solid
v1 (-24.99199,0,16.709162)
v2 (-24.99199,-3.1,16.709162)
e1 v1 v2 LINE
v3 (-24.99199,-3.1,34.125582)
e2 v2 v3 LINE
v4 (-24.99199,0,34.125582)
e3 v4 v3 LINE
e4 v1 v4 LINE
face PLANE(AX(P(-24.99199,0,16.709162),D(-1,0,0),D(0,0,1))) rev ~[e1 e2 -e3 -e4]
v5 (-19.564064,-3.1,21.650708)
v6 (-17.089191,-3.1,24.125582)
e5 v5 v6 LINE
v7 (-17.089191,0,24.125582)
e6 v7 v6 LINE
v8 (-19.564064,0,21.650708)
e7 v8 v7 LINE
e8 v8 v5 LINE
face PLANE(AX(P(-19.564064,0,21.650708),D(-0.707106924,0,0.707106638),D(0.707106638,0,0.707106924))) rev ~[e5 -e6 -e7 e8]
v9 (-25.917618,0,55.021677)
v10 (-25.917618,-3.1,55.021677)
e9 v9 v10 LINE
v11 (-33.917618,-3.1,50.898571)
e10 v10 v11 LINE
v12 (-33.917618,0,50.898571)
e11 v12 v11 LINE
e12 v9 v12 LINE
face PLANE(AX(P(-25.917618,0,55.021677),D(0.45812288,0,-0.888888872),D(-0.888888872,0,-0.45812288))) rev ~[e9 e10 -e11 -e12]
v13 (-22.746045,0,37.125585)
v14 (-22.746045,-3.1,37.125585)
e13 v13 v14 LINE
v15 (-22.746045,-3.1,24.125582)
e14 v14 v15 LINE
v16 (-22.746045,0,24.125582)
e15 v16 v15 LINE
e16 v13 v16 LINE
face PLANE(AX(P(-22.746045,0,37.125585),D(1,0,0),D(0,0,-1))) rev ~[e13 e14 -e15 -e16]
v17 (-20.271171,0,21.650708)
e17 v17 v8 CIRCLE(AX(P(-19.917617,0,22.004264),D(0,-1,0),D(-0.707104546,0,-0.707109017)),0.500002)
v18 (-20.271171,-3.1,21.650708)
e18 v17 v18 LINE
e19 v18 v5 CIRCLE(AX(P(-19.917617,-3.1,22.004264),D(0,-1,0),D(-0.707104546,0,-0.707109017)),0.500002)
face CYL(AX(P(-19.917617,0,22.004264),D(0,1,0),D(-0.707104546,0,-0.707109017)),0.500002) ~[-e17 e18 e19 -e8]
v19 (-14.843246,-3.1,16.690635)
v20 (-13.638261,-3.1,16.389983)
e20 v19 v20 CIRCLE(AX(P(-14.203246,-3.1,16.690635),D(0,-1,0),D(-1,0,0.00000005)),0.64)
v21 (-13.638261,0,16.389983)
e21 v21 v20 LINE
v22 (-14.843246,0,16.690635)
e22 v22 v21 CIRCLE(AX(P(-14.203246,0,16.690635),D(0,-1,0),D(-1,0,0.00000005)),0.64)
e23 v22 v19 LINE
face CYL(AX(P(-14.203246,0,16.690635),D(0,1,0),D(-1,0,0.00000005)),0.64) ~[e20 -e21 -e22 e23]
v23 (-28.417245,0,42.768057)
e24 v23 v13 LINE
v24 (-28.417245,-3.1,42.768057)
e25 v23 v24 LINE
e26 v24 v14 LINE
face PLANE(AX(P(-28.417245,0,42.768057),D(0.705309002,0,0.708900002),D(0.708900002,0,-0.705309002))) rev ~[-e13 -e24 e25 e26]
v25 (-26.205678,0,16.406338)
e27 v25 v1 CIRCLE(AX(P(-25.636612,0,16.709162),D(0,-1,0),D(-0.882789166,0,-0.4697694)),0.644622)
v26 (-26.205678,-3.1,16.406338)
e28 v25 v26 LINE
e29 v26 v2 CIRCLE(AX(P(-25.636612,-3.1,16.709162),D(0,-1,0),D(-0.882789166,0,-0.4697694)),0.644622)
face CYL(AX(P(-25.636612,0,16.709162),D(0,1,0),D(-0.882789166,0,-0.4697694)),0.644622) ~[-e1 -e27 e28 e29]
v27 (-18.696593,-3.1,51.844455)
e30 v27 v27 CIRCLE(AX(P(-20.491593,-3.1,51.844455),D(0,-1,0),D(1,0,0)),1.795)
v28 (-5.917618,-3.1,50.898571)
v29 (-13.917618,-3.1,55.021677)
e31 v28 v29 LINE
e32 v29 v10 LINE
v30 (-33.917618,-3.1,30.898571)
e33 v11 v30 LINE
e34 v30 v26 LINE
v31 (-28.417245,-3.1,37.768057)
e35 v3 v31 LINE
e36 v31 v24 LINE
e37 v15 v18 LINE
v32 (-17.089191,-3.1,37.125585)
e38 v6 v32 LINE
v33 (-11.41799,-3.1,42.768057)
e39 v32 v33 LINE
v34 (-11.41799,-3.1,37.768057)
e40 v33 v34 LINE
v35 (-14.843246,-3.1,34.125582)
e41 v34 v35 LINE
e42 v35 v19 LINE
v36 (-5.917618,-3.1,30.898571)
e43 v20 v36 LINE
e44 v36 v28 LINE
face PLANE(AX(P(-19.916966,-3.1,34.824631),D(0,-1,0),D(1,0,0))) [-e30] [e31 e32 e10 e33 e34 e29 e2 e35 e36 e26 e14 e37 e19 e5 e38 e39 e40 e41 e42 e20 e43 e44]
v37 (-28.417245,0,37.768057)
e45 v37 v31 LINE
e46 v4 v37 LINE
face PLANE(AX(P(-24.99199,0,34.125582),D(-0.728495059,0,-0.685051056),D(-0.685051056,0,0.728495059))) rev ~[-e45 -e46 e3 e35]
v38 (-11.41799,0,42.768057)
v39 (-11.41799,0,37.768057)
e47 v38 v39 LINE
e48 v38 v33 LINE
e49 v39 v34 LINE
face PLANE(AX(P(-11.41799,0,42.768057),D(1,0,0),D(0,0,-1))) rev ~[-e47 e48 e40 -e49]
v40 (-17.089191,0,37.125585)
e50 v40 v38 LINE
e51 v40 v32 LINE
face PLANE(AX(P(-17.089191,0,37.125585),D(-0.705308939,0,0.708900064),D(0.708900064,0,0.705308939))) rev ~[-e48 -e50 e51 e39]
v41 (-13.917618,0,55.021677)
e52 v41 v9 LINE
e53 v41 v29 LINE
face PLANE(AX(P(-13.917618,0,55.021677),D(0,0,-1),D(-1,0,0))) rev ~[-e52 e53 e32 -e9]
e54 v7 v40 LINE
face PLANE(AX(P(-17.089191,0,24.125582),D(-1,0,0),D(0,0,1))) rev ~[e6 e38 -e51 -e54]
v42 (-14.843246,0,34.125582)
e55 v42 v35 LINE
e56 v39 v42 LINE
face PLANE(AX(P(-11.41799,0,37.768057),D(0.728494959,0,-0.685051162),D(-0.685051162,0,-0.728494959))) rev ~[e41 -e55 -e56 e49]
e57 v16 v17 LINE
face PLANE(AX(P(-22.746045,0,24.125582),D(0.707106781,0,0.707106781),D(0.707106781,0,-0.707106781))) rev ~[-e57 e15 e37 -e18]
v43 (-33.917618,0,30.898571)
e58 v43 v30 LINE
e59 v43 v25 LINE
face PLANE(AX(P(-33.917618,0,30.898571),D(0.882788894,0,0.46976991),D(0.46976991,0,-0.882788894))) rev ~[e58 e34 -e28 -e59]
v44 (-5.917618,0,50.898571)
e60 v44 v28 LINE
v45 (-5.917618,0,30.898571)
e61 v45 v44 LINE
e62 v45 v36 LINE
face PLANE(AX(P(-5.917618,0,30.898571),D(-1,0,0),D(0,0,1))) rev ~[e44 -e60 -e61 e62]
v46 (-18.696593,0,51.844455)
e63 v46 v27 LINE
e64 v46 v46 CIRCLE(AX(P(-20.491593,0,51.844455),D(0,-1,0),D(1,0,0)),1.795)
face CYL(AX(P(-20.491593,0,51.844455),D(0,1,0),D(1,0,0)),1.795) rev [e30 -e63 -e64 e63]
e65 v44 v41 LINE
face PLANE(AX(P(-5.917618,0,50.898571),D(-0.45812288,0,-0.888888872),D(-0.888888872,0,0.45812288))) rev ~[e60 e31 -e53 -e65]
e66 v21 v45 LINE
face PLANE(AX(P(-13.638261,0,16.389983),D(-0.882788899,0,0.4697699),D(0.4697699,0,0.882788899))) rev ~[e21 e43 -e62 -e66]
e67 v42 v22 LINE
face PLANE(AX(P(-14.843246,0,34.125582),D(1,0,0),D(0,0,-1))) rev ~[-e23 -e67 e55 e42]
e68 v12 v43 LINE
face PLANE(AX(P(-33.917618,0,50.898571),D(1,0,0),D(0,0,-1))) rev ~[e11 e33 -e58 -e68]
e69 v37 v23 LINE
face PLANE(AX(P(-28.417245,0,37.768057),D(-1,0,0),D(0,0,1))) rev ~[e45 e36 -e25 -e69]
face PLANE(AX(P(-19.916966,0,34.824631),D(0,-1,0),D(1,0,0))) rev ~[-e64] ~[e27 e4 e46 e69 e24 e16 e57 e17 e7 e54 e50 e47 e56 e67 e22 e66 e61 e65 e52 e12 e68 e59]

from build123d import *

# Parameters (mm, degrees)
F0_R     = 1.795
F1_DEPTH = 3.1


with BuildPart() as f1:
    # F0 (on Front) → F1 (new body)
    with BuildSketch(Plane.XZ):
        with BuildLine():
            Line((-25.917618, 55.021677), (-33.917618, 50.898571))
            Line((-33.917618, 50.898571), (-33.917618, 30.898571))
            Line((-33.917618, 30.898571), (-26.205678, 16.406338))
            ThreePointArc((-26.205678, 16.406338), (-25.480558, 16.083714), (-24.99199, 16.709162))
            Line((-24.99199, 16.709162), (-24.99199, 34.125582))
            Line((-24.99199, 34.125582), (-28.417245, 37.768057))
            Line((-28.417245, 37.768057), (-28.417245, 42.768057))
            Line((-28.417245, 42.768057), (-22.746045, 37.125585))
            Line((-22.746045, 37.125585), (-22.746045, 24.125582))
            Line((-22.746045, 24.125582), (-20.271171, 21.650708))
            ThreePointArc((-20.271171, 21.650708), (-19.917618, 21.504262), (-19.564064, 21.650708))
            Line((-19.564064, 21.650708), (-17.089191, 24.125582))
            Line((-17.089191, 24.125582), (-17.089191, 37.125585))
            Line((-17.089191, 37.125585), (-11.41799, 42.768057))
            Line((-11.41799, 42.768057), (-11.41799, 37.768057))
            Line((-11.41799, 37.768057), (-14.843246, 34.125582))
            Line((-14.843246, 34.125582), (-14.843246, 16.690635))
            ThreePointArc((-14.843246, 16.690635), (-14.358181, 16.069672), (-13.638261, 16.389983))
            Line((-13.638261, 16.389983), (-5.917618, 30.898571))
            Line((-5.917618, 30.898571), (-5.917618, 50.898571))
            Line((-5.917618, 50.898571), (-13.917618, 55.021677))
            Line((-13.917618, 55.021677), (-25.917618, 55.021677))
        make_face()
        with Locations((-20.491593, 51.844455)):
            Circle(F0_R, mode=Mode.SUBTRACT)
    extrude(amount=F1_DEPTH)


solid = f1.part
